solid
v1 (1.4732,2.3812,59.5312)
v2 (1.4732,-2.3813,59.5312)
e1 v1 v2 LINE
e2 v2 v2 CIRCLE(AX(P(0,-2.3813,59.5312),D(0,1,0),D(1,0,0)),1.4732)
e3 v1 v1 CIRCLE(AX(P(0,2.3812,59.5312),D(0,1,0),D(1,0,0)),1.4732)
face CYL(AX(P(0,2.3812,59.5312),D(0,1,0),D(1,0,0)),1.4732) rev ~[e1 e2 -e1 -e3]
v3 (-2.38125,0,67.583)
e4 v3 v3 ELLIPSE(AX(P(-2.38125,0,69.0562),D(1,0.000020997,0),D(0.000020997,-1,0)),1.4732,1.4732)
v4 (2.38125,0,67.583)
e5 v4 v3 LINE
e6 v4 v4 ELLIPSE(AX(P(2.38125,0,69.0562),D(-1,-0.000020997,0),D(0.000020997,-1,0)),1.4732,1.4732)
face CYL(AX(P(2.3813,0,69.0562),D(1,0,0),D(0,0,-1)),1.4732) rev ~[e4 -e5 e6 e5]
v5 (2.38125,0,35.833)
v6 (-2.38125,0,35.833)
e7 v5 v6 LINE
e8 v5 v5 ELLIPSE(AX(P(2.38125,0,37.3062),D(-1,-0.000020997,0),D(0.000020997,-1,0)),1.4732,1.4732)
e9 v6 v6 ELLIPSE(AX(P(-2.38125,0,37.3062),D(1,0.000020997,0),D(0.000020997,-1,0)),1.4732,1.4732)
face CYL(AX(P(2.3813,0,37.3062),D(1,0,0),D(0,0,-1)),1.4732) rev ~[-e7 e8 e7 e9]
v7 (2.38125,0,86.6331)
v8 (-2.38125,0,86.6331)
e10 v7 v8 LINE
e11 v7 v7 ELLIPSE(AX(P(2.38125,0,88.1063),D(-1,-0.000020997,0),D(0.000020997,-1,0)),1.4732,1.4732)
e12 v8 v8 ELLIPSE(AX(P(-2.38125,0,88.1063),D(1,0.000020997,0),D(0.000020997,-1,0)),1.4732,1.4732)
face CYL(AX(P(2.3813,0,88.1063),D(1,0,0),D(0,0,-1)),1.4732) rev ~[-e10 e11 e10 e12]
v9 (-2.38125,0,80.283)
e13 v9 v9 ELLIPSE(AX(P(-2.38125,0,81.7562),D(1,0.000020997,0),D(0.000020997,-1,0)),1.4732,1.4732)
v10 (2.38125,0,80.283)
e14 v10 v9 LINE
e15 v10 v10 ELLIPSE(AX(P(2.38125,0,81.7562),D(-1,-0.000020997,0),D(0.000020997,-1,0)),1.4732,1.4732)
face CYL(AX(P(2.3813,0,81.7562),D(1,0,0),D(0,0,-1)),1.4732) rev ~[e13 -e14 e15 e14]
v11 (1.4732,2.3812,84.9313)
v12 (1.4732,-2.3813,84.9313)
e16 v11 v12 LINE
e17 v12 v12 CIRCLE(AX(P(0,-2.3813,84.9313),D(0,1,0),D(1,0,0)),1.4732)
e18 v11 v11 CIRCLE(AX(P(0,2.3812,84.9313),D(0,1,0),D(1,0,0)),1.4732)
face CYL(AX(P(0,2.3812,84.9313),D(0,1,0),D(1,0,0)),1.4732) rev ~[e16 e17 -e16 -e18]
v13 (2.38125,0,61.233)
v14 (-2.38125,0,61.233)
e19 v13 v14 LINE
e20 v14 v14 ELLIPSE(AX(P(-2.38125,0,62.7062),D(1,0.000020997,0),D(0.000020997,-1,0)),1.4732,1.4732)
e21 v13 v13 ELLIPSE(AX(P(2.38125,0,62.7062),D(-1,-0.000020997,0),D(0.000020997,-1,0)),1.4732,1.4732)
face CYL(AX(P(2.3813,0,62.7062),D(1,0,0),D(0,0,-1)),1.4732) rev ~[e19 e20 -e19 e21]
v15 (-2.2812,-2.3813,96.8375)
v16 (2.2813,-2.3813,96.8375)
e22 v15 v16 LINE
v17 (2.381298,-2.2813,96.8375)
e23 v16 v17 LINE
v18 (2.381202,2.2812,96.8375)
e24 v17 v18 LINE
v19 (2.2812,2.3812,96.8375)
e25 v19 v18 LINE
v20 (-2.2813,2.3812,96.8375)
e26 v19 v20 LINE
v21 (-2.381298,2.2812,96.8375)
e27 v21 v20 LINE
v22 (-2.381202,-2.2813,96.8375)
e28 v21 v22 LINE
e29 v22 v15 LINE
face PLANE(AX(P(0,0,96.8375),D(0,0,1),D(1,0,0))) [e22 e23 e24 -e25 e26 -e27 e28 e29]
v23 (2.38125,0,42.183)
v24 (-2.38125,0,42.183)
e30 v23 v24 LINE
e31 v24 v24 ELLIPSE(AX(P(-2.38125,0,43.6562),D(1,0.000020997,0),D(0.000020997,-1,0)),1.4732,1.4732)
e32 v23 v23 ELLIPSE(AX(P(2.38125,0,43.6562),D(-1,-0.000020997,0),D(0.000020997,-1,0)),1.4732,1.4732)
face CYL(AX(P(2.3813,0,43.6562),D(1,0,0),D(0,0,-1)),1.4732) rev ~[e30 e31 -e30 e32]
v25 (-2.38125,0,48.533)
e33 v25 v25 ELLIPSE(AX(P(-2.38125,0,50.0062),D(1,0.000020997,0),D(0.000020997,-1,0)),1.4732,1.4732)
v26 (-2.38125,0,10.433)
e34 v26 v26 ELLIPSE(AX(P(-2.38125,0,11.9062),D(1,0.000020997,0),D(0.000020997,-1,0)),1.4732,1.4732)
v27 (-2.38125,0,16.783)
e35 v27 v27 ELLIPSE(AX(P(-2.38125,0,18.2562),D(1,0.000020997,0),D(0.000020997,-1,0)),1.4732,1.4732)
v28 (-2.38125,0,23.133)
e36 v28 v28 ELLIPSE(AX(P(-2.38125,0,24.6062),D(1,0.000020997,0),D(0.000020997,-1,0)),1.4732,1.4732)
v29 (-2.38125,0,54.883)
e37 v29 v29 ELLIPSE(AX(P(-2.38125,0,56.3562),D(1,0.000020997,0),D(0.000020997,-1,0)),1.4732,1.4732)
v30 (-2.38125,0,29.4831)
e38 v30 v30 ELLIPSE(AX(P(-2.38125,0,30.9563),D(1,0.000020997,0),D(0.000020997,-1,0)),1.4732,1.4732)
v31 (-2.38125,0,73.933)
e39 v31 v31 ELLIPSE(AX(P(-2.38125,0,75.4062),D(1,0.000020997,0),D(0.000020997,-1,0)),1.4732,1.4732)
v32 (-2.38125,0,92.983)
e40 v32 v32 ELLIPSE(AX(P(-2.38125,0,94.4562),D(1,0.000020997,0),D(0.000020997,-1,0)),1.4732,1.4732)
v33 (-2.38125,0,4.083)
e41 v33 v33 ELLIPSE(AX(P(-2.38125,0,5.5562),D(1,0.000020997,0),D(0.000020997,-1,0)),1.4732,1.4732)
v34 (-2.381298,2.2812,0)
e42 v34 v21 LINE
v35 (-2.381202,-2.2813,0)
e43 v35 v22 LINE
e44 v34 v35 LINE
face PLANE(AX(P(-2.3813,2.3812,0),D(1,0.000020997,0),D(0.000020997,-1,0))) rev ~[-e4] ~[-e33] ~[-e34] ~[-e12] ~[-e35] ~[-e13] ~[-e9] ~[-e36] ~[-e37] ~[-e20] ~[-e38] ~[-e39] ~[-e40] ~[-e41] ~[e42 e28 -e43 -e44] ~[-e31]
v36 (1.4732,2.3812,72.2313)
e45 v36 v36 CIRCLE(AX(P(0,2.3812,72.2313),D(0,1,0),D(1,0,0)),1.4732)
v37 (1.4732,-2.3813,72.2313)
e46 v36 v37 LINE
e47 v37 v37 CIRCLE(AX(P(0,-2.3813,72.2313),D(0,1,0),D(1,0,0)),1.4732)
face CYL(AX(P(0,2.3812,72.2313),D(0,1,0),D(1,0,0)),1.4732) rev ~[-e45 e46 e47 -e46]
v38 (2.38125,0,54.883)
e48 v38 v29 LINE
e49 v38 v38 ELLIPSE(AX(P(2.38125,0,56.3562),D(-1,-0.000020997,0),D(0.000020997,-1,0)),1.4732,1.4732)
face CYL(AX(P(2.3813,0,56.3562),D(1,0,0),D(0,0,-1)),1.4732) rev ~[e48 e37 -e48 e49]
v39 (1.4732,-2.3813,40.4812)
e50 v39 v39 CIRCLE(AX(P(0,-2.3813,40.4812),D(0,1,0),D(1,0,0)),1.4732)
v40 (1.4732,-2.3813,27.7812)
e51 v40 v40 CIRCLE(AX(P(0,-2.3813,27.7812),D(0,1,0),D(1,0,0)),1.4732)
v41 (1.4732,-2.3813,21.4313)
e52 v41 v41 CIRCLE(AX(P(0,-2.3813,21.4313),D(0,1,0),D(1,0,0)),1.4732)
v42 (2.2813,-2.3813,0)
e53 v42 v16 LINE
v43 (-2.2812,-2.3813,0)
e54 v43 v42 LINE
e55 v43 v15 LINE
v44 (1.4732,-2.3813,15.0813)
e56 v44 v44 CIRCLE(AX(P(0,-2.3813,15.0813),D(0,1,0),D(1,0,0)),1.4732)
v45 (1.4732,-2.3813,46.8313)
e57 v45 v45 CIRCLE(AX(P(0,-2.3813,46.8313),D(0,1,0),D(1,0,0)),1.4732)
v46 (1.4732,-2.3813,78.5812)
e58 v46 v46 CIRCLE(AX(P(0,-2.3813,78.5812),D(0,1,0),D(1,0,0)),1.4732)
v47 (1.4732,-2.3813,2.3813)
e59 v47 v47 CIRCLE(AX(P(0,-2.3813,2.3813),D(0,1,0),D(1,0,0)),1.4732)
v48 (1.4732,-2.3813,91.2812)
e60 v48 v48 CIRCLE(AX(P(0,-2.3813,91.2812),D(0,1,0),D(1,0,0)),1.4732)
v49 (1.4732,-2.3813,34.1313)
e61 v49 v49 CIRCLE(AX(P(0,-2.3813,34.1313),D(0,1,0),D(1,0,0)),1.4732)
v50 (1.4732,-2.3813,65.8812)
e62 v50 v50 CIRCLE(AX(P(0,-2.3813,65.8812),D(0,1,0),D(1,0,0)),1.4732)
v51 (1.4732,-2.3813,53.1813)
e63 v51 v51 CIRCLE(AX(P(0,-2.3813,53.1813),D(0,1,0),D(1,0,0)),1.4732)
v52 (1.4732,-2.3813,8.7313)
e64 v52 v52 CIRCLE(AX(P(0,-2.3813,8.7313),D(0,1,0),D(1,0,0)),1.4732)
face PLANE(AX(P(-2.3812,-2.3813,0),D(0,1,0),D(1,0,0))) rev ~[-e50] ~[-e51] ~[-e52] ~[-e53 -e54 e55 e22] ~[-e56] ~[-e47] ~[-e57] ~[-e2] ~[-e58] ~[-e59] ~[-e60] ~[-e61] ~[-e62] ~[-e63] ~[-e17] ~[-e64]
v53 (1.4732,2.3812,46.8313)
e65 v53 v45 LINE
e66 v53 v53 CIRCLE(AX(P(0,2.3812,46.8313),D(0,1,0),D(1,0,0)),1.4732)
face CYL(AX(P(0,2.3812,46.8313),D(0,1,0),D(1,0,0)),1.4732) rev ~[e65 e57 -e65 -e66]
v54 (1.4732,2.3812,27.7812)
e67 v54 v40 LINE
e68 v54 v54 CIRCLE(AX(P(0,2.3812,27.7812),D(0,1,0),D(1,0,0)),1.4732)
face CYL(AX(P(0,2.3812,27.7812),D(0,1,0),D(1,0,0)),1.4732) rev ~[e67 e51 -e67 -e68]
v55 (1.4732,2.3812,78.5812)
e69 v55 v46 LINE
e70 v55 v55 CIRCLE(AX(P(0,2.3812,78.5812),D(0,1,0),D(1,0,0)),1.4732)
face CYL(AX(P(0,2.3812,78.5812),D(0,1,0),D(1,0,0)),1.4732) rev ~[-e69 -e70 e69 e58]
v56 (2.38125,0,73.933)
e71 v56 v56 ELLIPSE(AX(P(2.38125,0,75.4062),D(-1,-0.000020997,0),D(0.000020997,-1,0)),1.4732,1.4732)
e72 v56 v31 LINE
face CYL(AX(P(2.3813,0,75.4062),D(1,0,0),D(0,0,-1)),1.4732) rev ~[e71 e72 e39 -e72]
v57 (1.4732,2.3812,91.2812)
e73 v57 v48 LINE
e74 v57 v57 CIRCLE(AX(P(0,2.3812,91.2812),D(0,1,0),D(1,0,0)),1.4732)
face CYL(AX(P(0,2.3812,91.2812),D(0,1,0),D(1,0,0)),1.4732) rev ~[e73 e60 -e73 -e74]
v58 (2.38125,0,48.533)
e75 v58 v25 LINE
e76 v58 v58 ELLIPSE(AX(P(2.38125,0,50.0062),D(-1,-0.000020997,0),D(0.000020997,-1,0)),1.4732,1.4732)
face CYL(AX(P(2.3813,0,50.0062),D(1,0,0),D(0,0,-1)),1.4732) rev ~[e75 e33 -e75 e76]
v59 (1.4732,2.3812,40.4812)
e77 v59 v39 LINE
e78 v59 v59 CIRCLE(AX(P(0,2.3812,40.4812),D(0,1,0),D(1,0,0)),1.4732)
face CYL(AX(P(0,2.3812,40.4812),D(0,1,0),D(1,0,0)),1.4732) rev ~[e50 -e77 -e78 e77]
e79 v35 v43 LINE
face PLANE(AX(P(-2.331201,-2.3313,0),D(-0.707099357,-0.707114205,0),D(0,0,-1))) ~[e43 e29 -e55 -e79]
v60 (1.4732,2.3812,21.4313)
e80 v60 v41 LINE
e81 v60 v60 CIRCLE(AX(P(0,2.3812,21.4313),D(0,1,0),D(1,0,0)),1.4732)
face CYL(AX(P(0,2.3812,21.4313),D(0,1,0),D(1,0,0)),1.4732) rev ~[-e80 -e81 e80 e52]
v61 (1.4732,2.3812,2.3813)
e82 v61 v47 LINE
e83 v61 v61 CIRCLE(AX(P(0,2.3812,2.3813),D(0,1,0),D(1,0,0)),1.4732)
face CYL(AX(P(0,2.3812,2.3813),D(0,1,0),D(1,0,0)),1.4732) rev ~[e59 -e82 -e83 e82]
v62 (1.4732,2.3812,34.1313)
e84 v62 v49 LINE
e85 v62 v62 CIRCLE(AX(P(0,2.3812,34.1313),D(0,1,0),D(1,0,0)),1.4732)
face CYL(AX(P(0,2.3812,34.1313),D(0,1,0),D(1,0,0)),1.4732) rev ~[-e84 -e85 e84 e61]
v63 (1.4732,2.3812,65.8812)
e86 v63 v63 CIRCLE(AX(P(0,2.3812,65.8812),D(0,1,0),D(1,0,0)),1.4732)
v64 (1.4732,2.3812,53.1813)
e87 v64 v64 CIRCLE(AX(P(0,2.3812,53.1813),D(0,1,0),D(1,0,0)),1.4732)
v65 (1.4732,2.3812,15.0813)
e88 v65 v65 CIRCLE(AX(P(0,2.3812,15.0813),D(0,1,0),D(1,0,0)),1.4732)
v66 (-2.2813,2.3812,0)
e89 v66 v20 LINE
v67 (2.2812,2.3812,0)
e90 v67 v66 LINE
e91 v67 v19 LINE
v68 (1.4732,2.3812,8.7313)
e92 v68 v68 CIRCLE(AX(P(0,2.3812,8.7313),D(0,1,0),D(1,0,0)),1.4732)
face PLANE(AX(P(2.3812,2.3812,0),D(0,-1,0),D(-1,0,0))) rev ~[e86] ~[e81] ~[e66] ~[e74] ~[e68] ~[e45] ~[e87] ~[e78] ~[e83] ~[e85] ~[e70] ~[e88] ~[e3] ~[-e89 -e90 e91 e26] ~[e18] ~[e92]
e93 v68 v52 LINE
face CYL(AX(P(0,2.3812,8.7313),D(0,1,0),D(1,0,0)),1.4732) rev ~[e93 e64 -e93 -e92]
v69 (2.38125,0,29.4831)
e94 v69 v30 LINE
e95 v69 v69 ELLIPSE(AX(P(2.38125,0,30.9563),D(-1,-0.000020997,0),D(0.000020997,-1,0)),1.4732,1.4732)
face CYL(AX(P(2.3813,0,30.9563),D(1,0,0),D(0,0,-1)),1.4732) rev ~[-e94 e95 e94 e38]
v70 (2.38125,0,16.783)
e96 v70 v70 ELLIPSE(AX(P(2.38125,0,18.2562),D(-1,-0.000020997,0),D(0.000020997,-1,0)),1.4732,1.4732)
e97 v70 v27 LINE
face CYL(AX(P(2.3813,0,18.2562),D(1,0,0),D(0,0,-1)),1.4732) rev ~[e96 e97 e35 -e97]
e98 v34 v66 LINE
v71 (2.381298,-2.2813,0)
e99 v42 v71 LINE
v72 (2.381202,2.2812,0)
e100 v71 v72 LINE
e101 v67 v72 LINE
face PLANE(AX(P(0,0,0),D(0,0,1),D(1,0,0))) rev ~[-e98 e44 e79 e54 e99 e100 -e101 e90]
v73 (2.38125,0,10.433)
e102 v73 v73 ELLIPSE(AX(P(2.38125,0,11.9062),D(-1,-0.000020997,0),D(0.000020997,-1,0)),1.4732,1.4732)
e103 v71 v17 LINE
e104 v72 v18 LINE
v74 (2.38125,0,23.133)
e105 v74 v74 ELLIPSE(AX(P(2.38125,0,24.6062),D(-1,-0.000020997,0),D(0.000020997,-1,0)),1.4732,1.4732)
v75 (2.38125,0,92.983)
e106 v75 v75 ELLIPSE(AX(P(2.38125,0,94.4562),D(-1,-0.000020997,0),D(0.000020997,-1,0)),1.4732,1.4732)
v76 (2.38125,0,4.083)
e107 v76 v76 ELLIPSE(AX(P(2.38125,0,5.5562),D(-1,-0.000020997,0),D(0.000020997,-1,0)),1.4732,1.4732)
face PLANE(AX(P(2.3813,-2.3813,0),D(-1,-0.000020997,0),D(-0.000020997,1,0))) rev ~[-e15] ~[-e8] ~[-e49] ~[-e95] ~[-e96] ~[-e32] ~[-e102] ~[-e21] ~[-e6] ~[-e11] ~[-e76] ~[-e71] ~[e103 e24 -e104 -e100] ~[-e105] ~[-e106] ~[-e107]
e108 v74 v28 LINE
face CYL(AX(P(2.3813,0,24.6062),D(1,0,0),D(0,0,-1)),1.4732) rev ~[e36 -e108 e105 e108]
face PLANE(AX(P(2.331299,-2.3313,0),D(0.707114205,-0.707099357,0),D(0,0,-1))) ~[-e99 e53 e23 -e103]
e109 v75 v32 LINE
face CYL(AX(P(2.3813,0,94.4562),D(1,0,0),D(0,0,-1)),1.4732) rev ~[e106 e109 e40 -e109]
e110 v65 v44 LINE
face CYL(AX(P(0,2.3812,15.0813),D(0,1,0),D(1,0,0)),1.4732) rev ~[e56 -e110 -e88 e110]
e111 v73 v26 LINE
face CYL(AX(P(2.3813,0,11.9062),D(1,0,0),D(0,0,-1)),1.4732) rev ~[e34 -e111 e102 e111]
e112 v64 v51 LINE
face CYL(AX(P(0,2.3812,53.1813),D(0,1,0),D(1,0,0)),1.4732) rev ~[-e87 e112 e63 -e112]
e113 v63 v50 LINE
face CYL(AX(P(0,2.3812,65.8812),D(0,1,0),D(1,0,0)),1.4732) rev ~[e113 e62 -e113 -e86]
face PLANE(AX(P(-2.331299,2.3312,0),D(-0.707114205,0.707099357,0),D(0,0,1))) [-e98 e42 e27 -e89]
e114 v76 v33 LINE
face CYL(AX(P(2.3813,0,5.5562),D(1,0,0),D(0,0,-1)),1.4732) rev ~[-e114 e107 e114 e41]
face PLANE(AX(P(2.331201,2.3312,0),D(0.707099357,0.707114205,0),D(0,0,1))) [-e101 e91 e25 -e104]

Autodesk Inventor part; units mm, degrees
ref_plane "YZ Plane" through (0, 0, 0) normal (1, 0, 0) x (0, 1, 0)
ref_plane "XZ Plane" through (0, 0, 0) normal (0, 1, 0) x (-1, 0, 0)
ref_plane "XY Plane" through (0, 0, 0) normal (0, 0, 1) x (1, 0, 0)
sketch "Sketch1" plane through (0, 0, 0) normal (0, 0, 1) x (1, 0, 0)
  line L0 (-2.3812, -2.3813) -> (2.3813, -2.3813)
  line L1 (2.3813, -2.3813) -> (2.3812, 2.3812)
  line L2 (2.3812, 2.3812) -> (-2.3813, 2.3812)
  line L3 (-2.3813, 2.3812) -> (-2.3812, -2.3813)
  line L4 (-2.3812, -2.3813) -> (2.3812, 2.3812) construction
  line L5 (2.3813, -2.3813) -> (-2.3813, 2.3812) construction
  point P0 (0, 0)
  dimension "d0" = 4.7625
  dimension "d1" = 4.7625
extrude "Extrusion1" add sketch "Sketch1" along normal blind 96.8375
sketch "Sketch2" plane through (-2.3813, 2.3812, 0) normal (0, 1, 0) x (1, 0, 0)
  line L0 (2.3813, 0) -> (2.3813, -96.8375) construction
  line L1 (4.7625, -96.8375) -> (0, -96.8375) projected
  circle A0 centre (2.3813, -2.3813) radius 1.4732
  circle A1 centre (2.3813, -8.7313) radius 1.4732
  circle A2 centre (2.3813, -15.0813) radius 1.4732
  circle A3 centre (2.3813, -21.4313) radius 1.4732
  circle A4 centre (2.3813, -26.1938) radius 1.4493 construction
  line L2 (4.7625, 0) -> (0, 0) projected
  circle A5 centre (2.3813, -27.7812) radius 1.4732
  circle A6 centre (2.3813, -34.1313) radius 1.4732
  circle A7 centre (2.3813, -40.4812) radius 1.4732
  circle A8 centre (2.3813, -46.8313) radius 1.4732
  circle A9 centre (2.3813, -53.1813) radius 1.4732
  circle A10 centre (2.3813, -59.5312) radius 1.4732
  circle A11 centre (2.3813, -65.8812) radius 1.4732
  circle A12 centre (2.3813, -72.2313) radius 1.4732
  circle A13 centre (2.3813, -78.5812) radius 1.4732
  circle A14 centre (2.3813, -84.9313) radius 1.4732
  circle A15 centre (2.3813, -91.2812) radius 1.4732
  dimension "d4" = 2.9464
  dimension "d7" = 6.35
  dimension "d12" = 4.7625
  dimension "d13" = 2.3813
extrude "Extrusion2" cut sketch "Sketch2" against normal through all
sketch "Sketch3" plane through (2.3813, -2.3813, 0) normal (1, 0, 0) x (0, 0, -1)
  line L0 (0, 2.3813) -> (-96.8375, 2.3813) construction
  line L1 (-96.8375, 0) -> (-96.8375, 4.7625) projected
  circle A0 centre (-94.4562, 2.3813) radius 1.4732
  circle A1 centre (-88.1063, 2.3813) radius 1.4732
  circle A2 centre (-81.7562, 2.3813) radius 1.4732
  circle A3 centre (-75.4062, 2.3813) radius 1.4732
  circle A4 centre (-69.0562, 2.3813) radius 1.4732
  circle A5 centre (-62.7062, 2.3813) radius 1.4732
  circle A6 centre (-56.3562, 2.3813) radius 1.4732
  circle A7 centre (-50.0062, 2.3813) radius 1.4732
  circle A8 centre (-43.6562, 2.3813) radius 1.4732
  circle A9 centre (-37.3062, 2.3813) radius 1.4732
  circle A10 centre (-30.9563, 2.3813) radius 1.4732
  circle A11 centre (-24.6062, 2.3813) radius 1.4732
  circle A12 centre (-18.2562, 2.3813) radius 1.4732
  circle A13 centre (-11.9062, 2.3813) radius 1.4732
  circle A14 centre (-5.5562, 2.3813) radius 1.4732
  dimension "d16" = 2.9464
  dimension "d17" = 2.3813
  dimension "d20" = 6.35
extrude "Extrusion3" cut sketch "Sketch3" against normal through all
chamfer "Chamfer1" distance 0.1 angle 45 4 edges at (-2.3813, 2.3812, 48.4188) (2.3812, 2.3812, 48.4188) (2.3813, -2.3813, 48.4188) (-2.3812, -2.3813, 48.4188)
equation "\"d1\" = d0"
properties part number "Nut Strip" material "Aluminum 6061"
